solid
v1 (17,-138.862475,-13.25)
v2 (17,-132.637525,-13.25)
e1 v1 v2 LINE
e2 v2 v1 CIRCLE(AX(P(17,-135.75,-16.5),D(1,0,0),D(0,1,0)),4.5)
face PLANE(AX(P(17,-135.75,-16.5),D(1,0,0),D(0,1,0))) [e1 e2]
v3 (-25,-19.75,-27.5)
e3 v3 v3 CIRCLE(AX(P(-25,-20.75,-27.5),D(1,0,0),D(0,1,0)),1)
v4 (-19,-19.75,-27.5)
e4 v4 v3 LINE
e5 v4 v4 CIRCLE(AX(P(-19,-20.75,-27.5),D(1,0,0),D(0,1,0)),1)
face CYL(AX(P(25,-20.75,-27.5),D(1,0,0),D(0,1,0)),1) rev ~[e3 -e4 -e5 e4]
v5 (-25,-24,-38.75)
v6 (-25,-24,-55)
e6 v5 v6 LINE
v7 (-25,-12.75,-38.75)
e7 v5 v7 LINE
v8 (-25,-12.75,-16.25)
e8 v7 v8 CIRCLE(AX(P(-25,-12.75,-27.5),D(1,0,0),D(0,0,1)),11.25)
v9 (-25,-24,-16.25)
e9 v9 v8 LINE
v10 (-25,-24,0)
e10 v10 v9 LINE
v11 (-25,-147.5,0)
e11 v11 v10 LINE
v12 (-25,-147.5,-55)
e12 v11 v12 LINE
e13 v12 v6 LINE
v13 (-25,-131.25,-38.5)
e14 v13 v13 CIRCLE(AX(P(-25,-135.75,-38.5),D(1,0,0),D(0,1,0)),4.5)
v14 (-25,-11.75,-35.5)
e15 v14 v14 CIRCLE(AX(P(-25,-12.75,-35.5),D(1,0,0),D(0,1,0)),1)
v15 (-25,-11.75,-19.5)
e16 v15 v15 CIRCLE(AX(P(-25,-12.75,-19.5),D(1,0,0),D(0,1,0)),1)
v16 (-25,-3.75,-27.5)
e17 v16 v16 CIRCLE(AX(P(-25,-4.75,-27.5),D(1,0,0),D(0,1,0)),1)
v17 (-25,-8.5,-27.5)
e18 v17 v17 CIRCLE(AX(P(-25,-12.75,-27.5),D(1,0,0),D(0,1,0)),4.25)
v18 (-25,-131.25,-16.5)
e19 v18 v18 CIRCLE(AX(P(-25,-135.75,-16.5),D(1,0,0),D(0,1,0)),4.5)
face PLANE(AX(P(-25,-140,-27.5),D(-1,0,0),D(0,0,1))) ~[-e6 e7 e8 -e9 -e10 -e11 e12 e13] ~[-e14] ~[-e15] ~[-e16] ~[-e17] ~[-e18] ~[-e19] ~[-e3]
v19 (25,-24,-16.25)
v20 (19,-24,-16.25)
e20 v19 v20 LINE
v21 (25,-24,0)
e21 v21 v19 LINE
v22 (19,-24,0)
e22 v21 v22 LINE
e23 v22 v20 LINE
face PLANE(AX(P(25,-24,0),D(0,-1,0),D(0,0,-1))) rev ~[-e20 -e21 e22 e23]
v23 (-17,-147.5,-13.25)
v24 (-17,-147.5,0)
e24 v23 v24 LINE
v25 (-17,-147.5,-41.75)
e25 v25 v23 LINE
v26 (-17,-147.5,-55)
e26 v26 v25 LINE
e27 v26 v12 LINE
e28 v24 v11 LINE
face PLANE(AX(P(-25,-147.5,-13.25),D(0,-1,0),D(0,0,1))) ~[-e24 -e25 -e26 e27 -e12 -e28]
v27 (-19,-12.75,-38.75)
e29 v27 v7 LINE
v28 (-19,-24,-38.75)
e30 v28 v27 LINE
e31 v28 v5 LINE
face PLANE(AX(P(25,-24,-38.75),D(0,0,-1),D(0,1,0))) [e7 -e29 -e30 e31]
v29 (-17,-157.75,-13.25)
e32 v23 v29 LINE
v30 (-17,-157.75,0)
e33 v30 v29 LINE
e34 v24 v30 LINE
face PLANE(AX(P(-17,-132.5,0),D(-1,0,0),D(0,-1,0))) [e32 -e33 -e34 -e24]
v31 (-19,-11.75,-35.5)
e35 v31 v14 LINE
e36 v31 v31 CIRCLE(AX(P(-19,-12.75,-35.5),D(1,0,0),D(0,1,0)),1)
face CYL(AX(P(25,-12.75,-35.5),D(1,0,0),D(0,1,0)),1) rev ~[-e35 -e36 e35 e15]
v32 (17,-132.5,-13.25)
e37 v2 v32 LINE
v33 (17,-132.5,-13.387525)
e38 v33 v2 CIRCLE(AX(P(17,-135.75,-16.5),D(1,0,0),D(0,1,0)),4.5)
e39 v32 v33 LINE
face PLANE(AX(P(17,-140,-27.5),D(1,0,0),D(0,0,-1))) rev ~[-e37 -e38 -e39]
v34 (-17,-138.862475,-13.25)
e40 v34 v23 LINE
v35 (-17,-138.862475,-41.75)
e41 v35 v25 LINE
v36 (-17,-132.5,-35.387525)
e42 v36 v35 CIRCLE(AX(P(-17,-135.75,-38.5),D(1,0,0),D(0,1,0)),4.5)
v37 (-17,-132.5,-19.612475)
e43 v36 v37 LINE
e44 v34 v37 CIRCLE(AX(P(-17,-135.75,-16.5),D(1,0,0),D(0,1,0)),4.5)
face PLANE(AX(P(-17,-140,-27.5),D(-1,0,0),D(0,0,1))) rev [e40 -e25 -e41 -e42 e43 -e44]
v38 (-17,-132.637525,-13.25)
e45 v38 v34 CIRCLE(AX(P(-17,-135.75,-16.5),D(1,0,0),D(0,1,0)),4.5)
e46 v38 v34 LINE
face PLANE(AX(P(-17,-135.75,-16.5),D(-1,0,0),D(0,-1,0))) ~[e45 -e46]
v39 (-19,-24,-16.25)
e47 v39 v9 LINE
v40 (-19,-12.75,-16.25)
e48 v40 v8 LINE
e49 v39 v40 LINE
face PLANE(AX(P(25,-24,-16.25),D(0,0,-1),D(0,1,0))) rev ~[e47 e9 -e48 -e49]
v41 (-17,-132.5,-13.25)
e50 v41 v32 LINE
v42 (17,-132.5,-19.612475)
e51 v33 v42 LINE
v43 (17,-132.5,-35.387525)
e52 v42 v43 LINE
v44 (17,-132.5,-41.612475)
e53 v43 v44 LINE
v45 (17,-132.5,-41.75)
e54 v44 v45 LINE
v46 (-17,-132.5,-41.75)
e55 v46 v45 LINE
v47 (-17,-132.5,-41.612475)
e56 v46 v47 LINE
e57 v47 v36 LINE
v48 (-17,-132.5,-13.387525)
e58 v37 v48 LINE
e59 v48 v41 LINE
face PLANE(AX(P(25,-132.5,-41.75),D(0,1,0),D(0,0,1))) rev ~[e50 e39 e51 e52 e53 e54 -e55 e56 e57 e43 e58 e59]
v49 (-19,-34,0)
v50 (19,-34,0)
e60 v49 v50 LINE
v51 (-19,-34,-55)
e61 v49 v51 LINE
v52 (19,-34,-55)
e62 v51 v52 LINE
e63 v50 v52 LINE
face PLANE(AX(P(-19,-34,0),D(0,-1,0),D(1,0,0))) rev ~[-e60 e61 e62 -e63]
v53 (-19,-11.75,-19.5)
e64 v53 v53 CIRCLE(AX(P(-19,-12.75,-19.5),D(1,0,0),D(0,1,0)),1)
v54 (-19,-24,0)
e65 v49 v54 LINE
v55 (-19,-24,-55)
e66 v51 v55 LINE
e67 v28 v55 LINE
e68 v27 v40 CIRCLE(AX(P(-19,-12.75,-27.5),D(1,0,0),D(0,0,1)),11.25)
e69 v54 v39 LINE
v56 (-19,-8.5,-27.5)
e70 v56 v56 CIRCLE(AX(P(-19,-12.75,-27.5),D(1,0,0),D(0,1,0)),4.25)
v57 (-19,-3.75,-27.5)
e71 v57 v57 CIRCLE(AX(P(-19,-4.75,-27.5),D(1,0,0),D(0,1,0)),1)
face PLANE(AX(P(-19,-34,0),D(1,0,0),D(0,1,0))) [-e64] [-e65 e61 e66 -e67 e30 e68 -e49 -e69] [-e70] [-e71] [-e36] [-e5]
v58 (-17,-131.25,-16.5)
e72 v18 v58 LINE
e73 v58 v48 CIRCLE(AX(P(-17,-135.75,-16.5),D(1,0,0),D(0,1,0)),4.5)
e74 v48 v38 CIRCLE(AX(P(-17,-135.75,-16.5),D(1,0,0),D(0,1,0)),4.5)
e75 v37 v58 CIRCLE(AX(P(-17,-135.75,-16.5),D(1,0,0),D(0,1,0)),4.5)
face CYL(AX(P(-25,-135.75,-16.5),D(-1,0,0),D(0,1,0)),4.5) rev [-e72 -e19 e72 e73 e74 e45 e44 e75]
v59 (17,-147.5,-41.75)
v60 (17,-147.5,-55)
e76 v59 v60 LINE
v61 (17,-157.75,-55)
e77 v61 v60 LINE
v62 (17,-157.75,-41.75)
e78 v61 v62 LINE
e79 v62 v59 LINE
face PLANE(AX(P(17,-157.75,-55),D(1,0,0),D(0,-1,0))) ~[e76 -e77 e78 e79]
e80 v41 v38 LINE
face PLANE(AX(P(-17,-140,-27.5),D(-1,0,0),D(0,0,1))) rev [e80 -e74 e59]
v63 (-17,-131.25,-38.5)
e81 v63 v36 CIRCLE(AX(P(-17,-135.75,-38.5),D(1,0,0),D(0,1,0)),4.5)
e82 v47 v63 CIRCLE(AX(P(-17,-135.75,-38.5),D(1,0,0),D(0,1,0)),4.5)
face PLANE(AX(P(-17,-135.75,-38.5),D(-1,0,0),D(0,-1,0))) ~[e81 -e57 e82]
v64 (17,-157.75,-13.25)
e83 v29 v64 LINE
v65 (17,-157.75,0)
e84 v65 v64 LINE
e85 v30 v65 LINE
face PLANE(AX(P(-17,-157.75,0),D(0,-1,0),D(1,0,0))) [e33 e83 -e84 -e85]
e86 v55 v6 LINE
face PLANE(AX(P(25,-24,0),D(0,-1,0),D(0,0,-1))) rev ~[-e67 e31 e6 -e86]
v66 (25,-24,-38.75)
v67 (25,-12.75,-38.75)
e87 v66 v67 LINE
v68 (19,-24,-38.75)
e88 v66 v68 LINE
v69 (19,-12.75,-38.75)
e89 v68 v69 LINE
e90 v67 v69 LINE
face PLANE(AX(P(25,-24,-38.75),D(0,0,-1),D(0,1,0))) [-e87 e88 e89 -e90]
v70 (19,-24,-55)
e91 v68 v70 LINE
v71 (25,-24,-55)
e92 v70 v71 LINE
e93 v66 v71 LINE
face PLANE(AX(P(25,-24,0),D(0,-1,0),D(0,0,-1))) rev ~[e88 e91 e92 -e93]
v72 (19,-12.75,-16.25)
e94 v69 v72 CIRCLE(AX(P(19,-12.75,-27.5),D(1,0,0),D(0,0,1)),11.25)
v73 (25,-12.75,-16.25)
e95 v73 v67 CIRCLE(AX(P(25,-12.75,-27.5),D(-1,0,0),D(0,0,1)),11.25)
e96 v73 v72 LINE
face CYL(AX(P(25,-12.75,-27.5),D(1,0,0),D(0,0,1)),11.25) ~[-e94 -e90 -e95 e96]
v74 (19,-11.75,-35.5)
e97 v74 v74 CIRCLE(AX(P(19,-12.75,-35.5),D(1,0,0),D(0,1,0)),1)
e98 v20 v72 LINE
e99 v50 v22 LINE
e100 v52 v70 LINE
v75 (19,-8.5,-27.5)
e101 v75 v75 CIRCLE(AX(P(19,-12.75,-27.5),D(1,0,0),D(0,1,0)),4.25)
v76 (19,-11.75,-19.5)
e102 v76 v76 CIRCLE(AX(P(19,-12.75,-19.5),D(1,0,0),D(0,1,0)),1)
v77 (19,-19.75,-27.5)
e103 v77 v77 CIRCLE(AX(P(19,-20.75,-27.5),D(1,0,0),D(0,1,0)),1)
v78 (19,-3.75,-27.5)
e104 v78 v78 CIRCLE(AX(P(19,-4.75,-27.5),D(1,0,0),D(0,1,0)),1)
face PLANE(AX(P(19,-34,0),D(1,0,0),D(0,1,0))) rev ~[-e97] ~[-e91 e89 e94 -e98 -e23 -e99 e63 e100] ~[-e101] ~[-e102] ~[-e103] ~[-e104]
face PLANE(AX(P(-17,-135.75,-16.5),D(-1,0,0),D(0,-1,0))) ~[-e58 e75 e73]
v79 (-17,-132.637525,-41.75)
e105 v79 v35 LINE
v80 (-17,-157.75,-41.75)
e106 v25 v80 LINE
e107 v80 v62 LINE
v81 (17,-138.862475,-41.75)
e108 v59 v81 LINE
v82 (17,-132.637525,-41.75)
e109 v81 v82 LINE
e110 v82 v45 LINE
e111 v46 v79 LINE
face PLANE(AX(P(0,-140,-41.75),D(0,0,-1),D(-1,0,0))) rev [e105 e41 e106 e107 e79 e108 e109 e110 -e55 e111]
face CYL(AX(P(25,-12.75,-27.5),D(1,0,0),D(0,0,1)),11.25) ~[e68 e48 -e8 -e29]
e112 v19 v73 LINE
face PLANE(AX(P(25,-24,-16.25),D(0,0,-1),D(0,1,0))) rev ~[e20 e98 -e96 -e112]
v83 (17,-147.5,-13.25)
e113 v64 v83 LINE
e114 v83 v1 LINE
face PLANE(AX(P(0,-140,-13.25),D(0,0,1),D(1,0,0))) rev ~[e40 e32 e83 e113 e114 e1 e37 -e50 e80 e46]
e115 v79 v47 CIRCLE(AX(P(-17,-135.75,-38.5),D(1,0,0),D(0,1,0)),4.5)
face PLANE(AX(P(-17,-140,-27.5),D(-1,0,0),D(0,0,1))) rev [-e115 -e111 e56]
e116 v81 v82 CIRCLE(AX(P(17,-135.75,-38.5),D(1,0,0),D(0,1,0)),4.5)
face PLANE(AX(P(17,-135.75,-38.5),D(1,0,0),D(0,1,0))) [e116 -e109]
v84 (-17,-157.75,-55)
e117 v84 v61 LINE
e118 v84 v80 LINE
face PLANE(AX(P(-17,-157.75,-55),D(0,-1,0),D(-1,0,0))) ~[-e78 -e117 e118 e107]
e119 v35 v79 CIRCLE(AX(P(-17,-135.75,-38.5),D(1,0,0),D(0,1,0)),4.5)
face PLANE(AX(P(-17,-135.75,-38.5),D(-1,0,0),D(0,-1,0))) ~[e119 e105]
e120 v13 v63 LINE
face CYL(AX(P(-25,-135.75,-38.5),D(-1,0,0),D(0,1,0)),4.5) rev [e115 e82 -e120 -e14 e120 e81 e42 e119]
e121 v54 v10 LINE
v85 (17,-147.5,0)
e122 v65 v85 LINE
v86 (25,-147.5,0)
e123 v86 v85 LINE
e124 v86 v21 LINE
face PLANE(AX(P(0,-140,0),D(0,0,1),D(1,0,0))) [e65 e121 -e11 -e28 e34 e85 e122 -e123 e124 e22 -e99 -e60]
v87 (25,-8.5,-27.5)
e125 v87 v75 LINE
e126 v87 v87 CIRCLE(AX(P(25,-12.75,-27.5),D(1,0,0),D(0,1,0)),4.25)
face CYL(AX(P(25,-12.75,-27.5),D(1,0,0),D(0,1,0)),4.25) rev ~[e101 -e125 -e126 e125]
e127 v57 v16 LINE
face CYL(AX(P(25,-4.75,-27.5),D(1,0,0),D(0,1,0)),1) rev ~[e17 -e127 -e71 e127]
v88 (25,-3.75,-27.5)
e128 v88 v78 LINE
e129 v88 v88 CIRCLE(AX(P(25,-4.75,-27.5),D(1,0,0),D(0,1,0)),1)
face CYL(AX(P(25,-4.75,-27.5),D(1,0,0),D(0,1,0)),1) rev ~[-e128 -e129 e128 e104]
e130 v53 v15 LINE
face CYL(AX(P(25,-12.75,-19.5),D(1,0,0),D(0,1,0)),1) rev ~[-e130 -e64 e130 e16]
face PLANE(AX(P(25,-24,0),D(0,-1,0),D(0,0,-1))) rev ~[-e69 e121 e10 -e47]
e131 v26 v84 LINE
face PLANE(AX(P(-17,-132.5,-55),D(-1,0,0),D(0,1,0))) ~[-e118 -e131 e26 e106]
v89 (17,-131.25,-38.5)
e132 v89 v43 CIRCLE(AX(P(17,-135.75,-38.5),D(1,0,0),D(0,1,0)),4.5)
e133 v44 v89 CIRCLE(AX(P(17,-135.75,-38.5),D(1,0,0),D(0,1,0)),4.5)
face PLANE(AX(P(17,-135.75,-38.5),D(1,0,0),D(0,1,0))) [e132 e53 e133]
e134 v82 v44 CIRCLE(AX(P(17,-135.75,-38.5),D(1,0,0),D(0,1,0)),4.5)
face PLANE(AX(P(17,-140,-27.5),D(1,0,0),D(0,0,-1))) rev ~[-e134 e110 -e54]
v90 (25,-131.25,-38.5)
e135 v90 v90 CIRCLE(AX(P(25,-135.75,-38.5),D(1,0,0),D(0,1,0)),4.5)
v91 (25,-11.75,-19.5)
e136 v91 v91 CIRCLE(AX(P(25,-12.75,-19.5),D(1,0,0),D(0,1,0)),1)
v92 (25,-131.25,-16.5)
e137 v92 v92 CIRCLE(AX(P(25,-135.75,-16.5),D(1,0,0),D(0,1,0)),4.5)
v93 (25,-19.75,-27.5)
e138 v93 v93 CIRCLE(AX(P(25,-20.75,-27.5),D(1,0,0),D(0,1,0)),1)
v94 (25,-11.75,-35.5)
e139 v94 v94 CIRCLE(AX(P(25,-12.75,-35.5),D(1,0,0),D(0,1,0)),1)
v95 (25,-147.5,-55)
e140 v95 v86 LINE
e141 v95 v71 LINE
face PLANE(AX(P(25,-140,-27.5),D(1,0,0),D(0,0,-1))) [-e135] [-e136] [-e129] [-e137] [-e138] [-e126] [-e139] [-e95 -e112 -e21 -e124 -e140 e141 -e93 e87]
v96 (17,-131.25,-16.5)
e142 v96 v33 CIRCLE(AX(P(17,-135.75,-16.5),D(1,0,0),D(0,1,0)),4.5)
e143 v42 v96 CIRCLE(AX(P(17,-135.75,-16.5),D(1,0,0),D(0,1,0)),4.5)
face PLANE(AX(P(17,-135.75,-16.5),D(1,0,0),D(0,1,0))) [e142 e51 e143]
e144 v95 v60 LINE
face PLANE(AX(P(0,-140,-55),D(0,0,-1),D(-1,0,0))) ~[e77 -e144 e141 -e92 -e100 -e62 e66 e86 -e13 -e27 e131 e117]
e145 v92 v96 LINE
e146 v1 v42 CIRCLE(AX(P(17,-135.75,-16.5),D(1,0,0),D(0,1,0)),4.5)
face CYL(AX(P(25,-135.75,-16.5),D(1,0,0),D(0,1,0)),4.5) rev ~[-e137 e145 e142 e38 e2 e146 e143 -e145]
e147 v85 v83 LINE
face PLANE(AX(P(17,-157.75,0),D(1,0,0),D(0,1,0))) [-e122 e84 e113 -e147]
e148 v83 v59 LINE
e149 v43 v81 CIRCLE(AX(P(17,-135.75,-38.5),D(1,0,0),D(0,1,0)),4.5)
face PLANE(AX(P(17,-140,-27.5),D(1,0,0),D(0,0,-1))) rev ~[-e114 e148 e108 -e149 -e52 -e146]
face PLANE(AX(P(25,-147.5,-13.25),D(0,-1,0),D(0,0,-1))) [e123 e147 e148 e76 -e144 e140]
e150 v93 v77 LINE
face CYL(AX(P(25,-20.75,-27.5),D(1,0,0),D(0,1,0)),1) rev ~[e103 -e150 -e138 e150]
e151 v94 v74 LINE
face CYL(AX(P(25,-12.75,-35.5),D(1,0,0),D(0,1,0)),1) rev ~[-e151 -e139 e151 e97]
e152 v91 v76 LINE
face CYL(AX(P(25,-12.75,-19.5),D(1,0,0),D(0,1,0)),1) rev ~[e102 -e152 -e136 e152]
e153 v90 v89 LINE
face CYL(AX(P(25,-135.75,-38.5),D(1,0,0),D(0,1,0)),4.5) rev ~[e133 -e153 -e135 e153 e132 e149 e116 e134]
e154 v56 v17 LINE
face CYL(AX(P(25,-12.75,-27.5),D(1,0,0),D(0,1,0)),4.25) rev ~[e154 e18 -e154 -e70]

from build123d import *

# Parameters (mm, degrees)
SKETCH1_W           = 50
SKETCH1_H           = 170
BOSS_EXTRUDE1_DEPTH = 55
SKETCH2_W           = 34
SKETCH2_H           = 27
CUT_EXTRUDE1_DEPTH  = 181.416185527
SKETCH3_W           = 10
SKETCH3_H           = 24
SKETCH3_R           = 4.25
SKETCH3_R_2         = 1
CUT_EXTRUDE2_DEPTH  = 186.539753153
SKETCH4_W           = 2
SKETCH4_H           = 24
CUT_EXTRUDE3_DEPTH  = 178.623196683
SKETCH5_W           = 6.25
SKETCH5_H           = 11.25
CUT_EXTRUDE4_DEPTH  = 186.539753153
SKETCH6_W           = 38
SKETCH6_H           = 10
CUT_EXTRUDE5_DEPTH  = 181.416185527
SKETCH8_W           = 13.25
SKETCH8_H           = 2.25
CUT_EXTRUDE7_DEPTH  = 186.539753153
SKETCH9_W           = 34
SKETCH9_H           = 35.25
CUT_EXTRUDE8_DEPTH  = 179.297679458
SKETCH11_W          = 13.25
SKETCH11_H          = 20.25
CUT_EXTRUDE9_DEPTH  = 184.480414486
SKETCH12_W          = 28.5
SKETCH12_H          = 15
BOSS_EXTRUDE2_DEPTH = 8
SKETCH14_W          = 34
SKETCH14_H          = 15
SKETCH14_H_2        = 10.25
BOSS_EXTRUDE3_DEPTH = 13.25
SKETCH16_R          = 4.5
SKETCH16_R_2        = 2.5
CUT_EXTRUDE13_DEPTH = 8


with BuildPart() as part:
    # Sketch1 → Boss-Extrude1 (new body)
    with BuildSketch(Plane.XY):
        with Locations((0, -85)):
            Rectangle(SKETCH1_W, SKETCH1_H)
    extrude(amount=-BOSS_EXTRUDE1_DEPTH)

    # Sketch2 → Cut-Extrude1 (cut, through all)
    with BuildSketch(Plane.XY):
        with Locations((0, -13.5)):
            Rectangle(SKETCH2_W, SKETCH2_H)
    extrude(amount=-CUT_EXTRUDE1_DEPTH, mode=Mode.SUBTRACT)

    # Sketch3 → Cut-Extrude2 (cut, through all)
    with BuildSketch(Plane(origin=(25, 0, 0), x_dir=(0, 0, -1), z_dir=(1, 0, 0))):
        with Locations((50, -12)):
            Rectangle(SKETCH3_W, SKETCH3_H)
        with Locations((5, -12)):
            Rectangle(SKETCH3_W, SKETCH3_H)
        with Locations(Location((27.5, -12.75, 0), (0, 0, 90))):
            Circle(SKETCH3_R)
        with Locations(Location((35.5, -12.75, 0), (0, 0, 90))):
            Circle(SKETCH3_R_2)
        with Locations(Location((27.5, -4.75, 0), (0, 0, 90))):
            Circle(SKETCH3_R_2)
        with Locations(Location((27.5, -20.75, 0), (0, 0, 90))):
            Circle(SKETCH3_R_2)
        with Locations(Location((19.5, -12.75, 0), (0, 0, 90))):
            Circle(SKETCH3_R_2)
    extrude(amount=-CUT_EXTRUDE2_DEPTH, mode=Mode.SUBTRACT)

    # Sketch4 → Cut-Extrude3 (cut, through all)
    with BuildSketch(Plane.XY.offset(-10)):
        with Locations((-18, -12)):
            Rectangle(SKETCH4_W, SKETCH4_H)
        with Locations((18, -12)):
            Rectangle(SKETCH4_W, SKETCH4_H)
    extrude(amount=-CUT_EXTRUDE3_DEPTH, mode=Mode.SUBTRACT)

    # Sketch5 → Cut-Extrude4 (cut, through all)
    with BuildSketch(Plane(origin=(25, 0, 0), x_dir=(0, 0, -1), z_dir=(1, 0, 0))):
        with BuildLine():
            Line((45, 0), (10, 0))
            Line((10, 0), (10, -12.75))
            Line((10, -12.75), (16.25, -12.75))
            ThreePointArc((16.25, -12.75), (27.5, -1.5), (38.75, -12.75))
            Line((38.75, -12.75), (45, -12.75))
            Line((45, -12.75), (45, 0))
        make_face()
        with Locations((13.125, -18.375)):
            Rectangle(SKETCH5_W, SKETCH5_H)
        with Locations((41.875, -18.375)):
            Rectangle(SKETCH5_W, SKETCH5_H)
    extrude(amount=-CUT_EXTRUDE4_DEPTH, mode=Mode.SUBTRACT)

    # Sketch6 → Cut-Extrude5 (cut, through all)
    with BuildSketch(Plane.XY):
        with Locations((0, -29)):
            Rectangle(SKETCH6_W, SKETCH6_H)
    extrude(amount=-CUT_EXTRUDE5_DEPTH, mode=Mode.SUBTRACT)

    # Sketch8 → Cut-Extrude7 (cut, through all)
    with BuildSketch(Plane(origin=(25, 0, 0), x_dir=(0, 0, -1), z_dir=(1, 0, 0))):
        with BuildLine():
            Line((27.5, -157.5), (27.5, -132.5))
            Line((27.5, -132.5), (13.25, -132.5))
            Line((13.25, -132.5), (13.25, -167.75))
            Line((13.25, -167.75), (17.25, -167.75))
            ThreePointArc((17.25, -167.75), (20.252155493, -160.502155493), (27.5, -157.5))
        make_face()
        with BuildLine():
            Line((41.75, -167.75), (41.75, -132.5))
            Line((41.75, -132.5), (27.5, -132.5))
            Line((27.5, -132.5), (27.5, -157.5))
            ThreePointArc((27.5, -157.5), (34.747844507, -160.502155493), (37.75, -167.75))
            Line((37.75, -167.75), (41.75, -167.75))
        make_face()
        with Locations((48.375, -168.875)):
            Rectangle(SKETCH8_W, SKETCH8_H)
        with Locations((6.625, -168.875)):
            Rectangle(SKETCH8_W, SKETCH8_H)
        with BuildLine():
            Line((17.25, -167.75), (13.25, -167.75))
            Line((13.25, -167.75), (13.25, -170))
            Line((13.25, -170), (17.5, -170))
            ThreePointArc((17.5, -170), (17.31269172, -168.881923142), (17.25, -167.75))
        make_face()
        with BuildLine():
            Line((41.75, -170), (41.75, -167.75))
            Line((41.75, -167.75), (37.75, -167.75))
            ThreePointArc((37.75, -167.75), (37.68730828, -168.881923142), (37.5, -170))
            Line((37.5, -170), (41.75, -170))
        make_face()
        with BuildLine():
            Line((27.5, -167.75), (27.5, -157.5))
            ThreePointArc((27.5, -157.5), (20.252155493, -160.502155493), (17.25, -167.75))
            Line((17.25, -167.75), (27.5, -167.75))
        make_face()
        with BuildLine():
            ThreePointArc((37.75, -167.75), (34.747844507, -160.502155493), (27.5, -157.5))
            Line((27.5, -157.5), (27.5, -167.75))
            Line((27.5, -167.75), (37.75, -167.75))
        make_face()
        with BuildLine():
            Line((27.5, -170), (27.5, -167.75))
            Line((27.5, -167.75), (17.25, -167.75))
            ThreePointArc((17.25, -167.75), (17.31269172, -168.881923142), (17.5, -170))
            Line((17.5, -170), (27.5, -170))
        make_face()
        with BuildLine():
            ThreePointArc((37.5, -170), (37.68730828, -168.881923142), (37.75, -167.75))
            Line((37.75, -167.75), (27.5, -167.75))
            Line((27.5, -167.75), (27.5, -170))
            Line((27.5, -170), (37.5, -170))
        make_face()
    extrude(amount=-CUT_EXTRUDE7_DEPTH, mode=Mode.SUBTRACT)

    # Sketch9 → Cut-Extrude8 (cut, through all)
    with BuildSketch(Plane.XY):
        with Locations((0, -150.125)):
            Rectangle(SKETCH9_W, SKETCH9_H)
    extrude(amount=-CUT_EXTRUDE8_DEPTH, mode=Mode.SUBTRACT)

    # Sketch11 → Cut-Extrude9 (cut, through all)
    with BuildSketch(Plane(origin=(25, 0, 0), x_dir=(0, 0, -1), z_dir=(1, 0, 0))):
        with BuildLine():
            ThreePointArc((17.25, -167.75), (20.252155493, -160.502155493), (27.5, -157.5))
            Line((27.5, -157.5), (27.5, -147.5))
            Line((27.5, -147.5), (13.25, -147.5))
            Line((13.25, -147.5), (13.25, -167.75))
            Line((13.25, -167.75), (17.25, -167.75))
        make_face()
        with BuildLine():
            Line((27.5, -147.5), (27.5, -157.5))
            ThreePointArc((27.5, -157.5), (34.747844507, -160.502155493), (37.75, -167.75))
            Line((37.75, -167.75), (41.75, -167.75))
            Line((41.75, -167.75), (41.75, -147.5))
            Line((41.75, -147.5), (27.5, -147.5))
        make_face()
        with Locations((48.375, -157.625)):
            Rectangle(SKETCH11_W, SKETCH11_H)
        with Locations((6.625, -157.625)):
            Rectangle(SKETCH11_W, SKETCH11_H)
    extrude(amount=-CUT_EXTRUDE9_DEPTH, mode=Mode.SUBTRACT)

    # Sketch12 → Boss-Extrude2 (add)
    with BuildSketch(Plane(origin=(25, 0, 0), x_dir=(0, 0, -1), z_dir=(1, 0, 0))):
        with Locations((27.5, -140)):
            Rectangle(SKETCH12_W, SKETCH12_H)
    boss_extrude2 = extrude(amount=-BOSS_EXTRUDE2_DEPTH)

    # Mirror1: Boss-Extrude2 across plane
    add(boss_extrude2.mirror(Plane(origin=(0, 0, 0), x_dir=(0, 0, 1), z_dir=(1, 0, 0))))

    # Sketch14 → Boss-Extrude3 (add)
    with BuildSketch(Plane.XY):
        with Locations((0, -140)):
            Rectangle(SKETCH14_W, SKETCH14_H)
        with Locations((0, -152.625)):
            Rectangle(SKETCH14_W, SKETCH14_H_2)
    boss_extrude3 = extrude(amount=-BOSS_EXTRUDE3_DEPTH)

    # Mirror2: Boss-Extrude3 across plane
    add(boss_extrude3.mirror(Plane.XY.offset(-27.5)))

    # Sketch16 → Cut-Extrude13 (cut)
    # profile 1 of 3: a face of its own
    with BuildSketch(Plane(origin=(25, 0, 0), x_dir=(0, 0, -1), z_dir=(1, 0, 0))):
        with Locations(Location((16.5, -135.75, 0), (0, 0, 90))):
            Circle(SKETCH16_R)
        with Locations((16.5, -135.75)):
            Circle(SKETCH16_R_2, mode=Mode.SUBTRACT)
    # profile 2 of 3: a face of its own
    with BuildSketch(Plane(origin=(25, 0, 0), x_dir=(0, 0, -1), z_dir=(1, 0, 0))):
        with Locations((16.5, -135.75)):
            Circle(SKETCH16_R_2)
    # profile 3 of 3: a face of its own
    with BuildSketch(Plane(origin=(25, 0, 0), x_dir=(0, 0, -1), z_dir=(1, 0, 0))):
        with Locations(Location((38.5, -135.75, 0), (0, 0, 90))):
            Circle(SKETCH16_R)
    cut_extrude13 = extrude(amount=-CUT_EXTRUDE13_DEPTH, mode=Mode.SUBTRACT)

    # Mirror3: Cut-Extrude13 across plane
    add(cut_extrude13.mirror(Plane(origin=(0, 0, 0), x_dir=(0, 0, 1), z_dir=(1, 0, 0))), mode=Mode.SUBTRACT)


solid = part.part
